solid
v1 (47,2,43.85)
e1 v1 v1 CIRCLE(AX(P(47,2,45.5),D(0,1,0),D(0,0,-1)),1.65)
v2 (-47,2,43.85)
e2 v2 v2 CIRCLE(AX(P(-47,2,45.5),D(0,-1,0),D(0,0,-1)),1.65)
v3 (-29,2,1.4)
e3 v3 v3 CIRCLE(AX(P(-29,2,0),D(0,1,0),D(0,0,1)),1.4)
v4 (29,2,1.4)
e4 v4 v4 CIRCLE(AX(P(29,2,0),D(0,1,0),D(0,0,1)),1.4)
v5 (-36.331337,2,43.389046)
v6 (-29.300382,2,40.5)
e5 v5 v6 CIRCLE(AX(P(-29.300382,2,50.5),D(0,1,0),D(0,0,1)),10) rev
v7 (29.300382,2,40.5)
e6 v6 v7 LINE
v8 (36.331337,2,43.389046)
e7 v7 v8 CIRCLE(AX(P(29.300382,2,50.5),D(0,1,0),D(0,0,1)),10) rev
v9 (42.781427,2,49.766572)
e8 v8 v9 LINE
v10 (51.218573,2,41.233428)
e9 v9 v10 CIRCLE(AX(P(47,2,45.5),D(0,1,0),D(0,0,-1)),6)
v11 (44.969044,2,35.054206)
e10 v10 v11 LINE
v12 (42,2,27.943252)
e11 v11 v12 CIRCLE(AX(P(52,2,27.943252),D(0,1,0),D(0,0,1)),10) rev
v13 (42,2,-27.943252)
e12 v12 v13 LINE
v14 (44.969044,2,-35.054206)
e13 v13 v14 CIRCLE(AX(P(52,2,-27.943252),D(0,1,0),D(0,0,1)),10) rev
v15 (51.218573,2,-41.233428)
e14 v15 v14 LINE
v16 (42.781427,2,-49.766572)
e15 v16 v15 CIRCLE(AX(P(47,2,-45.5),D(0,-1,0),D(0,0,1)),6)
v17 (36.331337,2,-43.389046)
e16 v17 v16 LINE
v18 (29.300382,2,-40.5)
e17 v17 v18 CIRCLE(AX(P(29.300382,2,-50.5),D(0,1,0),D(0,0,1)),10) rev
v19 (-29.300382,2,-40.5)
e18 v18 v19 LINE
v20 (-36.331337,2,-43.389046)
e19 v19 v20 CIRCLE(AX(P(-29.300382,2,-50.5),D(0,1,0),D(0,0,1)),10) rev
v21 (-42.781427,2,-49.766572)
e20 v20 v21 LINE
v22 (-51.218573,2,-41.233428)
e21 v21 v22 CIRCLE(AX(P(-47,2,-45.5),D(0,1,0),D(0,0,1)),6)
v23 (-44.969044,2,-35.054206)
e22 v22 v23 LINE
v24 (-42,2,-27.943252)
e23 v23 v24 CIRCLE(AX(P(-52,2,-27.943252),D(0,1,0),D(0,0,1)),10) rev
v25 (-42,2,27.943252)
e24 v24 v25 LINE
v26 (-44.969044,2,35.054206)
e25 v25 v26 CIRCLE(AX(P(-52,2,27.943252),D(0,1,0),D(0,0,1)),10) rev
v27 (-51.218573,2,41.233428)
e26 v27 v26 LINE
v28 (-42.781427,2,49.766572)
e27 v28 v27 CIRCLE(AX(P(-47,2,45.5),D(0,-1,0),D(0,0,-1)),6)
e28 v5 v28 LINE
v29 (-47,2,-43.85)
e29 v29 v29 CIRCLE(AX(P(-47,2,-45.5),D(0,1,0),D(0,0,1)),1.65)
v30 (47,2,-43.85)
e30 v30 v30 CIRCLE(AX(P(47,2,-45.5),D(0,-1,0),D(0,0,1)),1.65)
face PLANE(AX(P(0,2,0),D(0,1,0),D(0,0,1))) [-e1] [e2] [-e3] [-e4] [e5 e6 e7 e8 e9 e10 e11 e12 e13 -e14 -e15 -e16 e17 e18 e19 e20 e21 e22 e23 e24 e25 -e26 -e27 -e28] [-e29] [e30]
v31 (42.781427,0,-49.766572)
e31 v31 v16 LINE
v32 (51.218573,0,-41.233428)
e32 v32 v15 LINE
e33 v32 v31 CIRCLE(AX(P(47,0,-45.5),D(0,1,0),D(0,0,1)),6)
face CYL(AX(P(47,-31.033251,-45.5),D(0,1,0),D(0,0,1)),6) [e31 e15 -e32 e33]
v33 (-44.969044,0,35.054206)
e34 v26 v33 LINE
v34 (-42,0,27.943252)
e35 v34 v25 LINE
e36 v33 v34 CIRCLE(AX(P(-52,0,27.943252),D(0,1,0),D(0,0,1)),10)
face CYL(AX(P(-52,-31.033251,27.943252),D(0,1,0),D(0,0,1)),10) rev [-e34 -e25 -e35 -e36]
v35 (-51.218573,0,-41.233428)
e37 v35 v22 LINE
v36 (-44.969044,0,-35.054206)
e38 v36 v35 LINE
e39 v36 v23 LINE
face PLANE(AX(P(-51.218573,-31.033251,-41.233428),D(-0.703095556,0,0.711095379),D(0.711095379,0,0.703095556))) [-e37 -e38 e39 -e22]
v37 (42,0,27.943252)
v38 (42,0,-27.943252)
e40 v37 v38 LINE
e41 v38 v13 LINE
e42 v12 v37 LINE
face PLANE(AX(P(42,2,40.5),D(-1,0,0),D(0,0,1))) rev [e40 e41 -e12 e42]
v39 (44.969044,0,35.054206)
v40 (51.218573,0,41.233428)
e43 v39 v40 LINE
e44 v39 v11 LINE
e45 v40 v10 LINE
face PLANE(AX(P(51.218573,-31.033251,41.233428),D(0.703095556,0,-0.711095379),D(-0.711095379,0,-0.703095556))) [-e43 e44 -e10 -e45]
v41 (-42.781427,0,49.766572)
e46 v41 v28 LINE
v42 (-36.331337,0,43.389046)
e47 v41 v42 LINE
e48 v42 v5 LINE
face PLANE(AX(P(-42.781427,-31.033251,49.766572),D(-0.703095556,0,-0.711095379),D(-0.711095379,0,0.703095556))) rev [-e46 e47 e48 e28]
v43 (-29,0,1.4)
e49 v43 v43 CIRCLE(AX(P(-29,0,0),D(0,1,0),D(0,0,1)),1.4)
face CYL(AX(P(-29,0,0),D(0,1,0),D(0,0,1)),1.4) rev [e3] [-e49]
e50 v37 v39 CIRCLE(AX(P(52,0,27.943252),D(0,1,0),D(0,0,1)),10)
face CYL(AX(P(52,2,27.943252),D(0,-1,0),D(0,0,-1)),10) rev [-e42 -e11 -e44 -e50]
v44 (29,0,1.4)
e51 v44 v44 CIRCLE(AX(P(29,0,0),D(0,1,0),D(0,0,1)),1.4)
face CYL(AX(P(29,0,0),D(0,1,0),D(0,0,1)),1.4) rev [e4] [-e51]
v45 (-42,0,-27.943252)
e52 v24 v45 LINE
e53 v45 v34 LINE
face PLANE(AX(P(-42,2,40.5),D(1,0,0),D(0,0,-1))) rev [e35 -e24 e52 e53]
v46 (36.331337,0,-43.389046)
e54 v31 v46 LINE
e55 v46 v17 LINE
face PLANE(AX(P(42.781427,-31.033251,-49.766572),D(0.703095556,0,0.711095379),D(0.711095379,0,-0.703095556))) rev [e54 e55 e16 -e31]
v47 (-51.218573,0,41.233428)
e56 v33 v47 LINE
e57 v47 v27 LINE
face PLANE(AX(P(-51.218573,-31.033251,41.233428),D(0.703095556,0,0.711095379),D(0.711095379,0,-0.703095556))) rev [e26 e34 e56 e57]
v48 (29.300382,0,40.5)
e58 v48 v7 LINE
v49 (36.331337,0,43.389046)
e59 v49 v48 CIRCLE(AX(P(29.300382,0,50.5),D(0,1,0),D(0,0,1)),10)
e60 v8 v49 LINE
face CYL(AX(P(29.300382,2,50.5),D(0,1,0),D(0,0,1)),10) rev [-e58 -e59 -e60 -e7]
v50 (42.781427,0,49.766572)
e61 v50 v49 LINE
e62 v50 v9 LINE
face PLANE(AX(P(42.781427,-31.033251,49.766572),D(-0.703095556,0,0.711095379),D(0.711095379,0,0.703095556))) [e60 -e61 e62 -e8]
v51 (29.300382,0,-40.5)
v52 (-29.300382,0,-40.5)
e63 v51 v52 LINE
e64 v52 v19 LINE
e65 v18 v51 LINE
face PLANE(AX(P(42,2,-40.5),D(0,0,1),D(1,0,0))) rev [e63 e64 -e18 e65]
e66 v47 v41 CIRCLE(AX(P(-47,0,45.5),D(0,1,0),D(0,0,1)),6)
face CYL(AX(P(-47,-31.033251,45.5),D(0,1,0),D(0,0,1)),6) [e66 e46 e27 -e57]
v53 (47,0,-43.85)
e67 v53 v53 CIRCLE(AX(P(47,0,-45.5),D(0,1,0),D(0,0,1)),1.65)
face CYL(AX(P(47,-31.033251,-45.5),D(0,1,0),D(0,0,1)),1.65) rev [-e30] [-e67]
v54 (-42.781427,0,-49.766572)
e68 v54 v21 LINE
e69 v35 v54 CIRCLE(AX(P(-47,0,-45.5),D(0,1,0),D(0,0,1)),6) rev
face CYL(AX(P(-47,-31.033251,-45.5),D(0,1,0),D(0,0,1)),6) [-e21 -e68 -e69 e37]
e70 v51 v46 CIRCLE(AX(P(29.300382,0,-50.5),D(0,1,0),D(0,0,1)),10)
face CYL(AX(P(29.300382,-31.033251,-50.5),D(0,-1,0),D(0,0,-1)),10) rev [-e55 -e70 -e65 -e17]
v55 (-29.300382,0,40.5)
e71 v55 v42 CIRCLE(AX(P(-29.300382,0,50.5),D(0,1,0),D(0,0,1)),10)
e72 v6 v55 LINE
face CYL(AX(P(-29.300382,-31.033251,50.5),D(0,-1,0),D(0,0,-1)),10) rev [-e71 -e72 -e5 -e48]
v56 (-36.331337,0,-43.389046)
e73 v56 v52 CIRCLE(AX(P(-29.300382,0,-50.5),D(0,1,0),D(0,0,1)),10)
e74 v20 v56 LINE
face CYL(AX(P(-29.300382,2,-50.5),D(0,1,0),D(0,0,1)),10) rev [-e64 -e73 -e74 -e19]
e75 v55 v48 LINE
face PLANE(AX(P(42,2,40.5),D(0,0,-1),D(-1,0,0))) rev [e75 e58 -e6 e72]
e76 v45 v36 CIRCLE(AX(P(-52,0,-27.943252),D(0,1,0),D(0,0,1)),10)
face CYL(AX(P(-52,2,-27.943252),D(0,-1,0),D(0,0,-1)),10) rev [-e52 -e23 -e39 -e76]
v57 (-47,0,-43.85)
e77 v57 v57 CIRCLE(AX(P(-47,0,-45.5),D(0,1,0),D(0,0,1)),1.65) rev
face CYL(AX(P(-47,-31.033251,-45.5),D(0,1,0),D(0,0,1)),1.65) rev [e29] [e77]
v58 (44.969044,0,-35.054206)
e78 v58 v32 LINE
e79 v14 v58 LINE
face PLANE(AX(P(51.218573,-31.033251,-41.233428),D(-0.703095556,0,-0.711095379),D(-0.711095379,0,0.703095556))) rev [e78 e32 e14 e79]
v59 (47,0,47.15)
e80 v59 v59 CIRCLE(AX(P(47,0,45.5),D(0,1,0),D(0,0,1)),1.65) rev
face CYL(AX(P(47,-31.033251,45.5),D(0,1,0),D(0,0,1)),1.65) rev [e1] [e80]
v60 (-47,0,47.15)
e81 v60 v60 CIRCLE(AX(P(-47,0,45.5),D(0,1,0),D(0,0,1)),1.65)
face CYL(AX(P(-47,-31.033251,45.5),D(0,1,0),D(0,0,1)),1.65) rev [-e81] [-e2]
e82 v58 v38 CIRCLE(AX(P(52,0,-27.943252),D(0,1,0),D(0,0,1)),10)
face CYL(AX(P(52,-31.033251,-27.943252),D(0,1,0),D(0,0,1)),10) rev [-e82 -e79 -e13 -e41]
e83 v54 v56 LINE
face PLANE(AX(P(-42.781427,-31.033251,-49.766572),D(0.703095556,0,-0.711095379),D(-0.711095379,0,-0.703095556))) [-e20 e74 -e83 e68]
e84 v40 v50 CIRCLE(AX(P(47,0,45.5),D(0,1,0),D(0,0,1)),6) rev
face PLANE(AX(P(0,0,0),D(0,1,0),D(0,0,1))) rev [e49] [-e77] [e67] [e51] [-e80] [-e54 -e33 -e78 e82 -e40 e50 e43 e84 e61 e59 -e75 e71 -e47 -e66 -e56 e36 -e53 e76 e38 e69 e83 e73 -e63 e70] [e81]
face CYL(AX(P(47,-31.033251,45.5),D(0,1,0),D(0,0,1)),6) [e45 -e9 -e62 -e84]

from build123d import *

# Parameters (mm, degrees)
SKETCH1_W               = 84
SKETCH1_H               = 81
BOSS_EXTRUDE1_DEPTH     = 2
SKETCH2_R               = 1.65
BOSS_EXTRUDE2_DEPTH     = 2
MIRROR2_COPY_1_SKETCH_R = 1.65
MIRROR2_COPY_1_DEPTH    = 2
FILLET1_R               = 10
SKETCH3_R               = 1.4
CUT_EXTRUDE1_DEPTH      = 3


with BuildPart() as part:
    # Sketch1 → Boss-Extrude1 (new body)
    with BuildSketch(Plane(origin=(0, 0, 0), x_dir=(1, 0, 0), z_dir=(0, 1, 0))):
        Rectangle(SKETCH1_W, SKETCH1_H)
    extrude(amount=BOSS_EXTRUDE1_DEPTH)

    # Sketch2 → Boss-Extrude2 (add)
    with BuildSketch(Plane(origin=(0, 2, 0), x_dir=(1, 0, 0), z_dir=(0, 1, 0))):
        with BuildLine():
            Line((-42.781426662, 49.766572276), (-32.781426662, 39.879072276))
            ThreePointArc((-32.781426662, 39.879072276), (-32.733427724, 31.393926662), (-41.218573338, 31.345927724))
            Line((-41.218573338, 31.345927724), (-51.218573338, 41.233427724))
            ThreePointArc((-51.218573338, 41.233427724), (-51.266572276, 49.718573338), (-42.781426662, 49.766572276))
        make_face()
        with Locations((-47, 45.5)):
            Circle(SKETCH2_R, mode=Mode.SUBTRACT)
    boss_extrude2 = extrude(amount=-BOSS_EXTRUDE2_DEPTH)

    # Mirror1: Boss-Extrude2 across plane
    add(boss_extrude2.mirror(Plane.XY))

    # Mirror2: Boss-Extrude2 across plane
    add(boss_extrude2.mirror(Plane(origin=(0, 0, 0), x_dir=(0, 0, 1), z_dir=(1, 0, 0))))

    # Mirror2 copy 1 sketch → Mirror2 copy 1 (add)
    with BuildSketch(Plane(origin=(0, 2, 0), x_dir=(-1, 0, 0), z_dir=(0, 1, 0))):
        with BuildLine():
            Line((-42.781426662, 49.766572276), (-32.781426662, 39.879072276))
            ThreePointArc((-32.781426662, 39.879072276), (-32.733427724, 31.393926662), (-41.218573338, 31.345927724))
            Line((-41.218573338, 31.345927724), (-51.218573338, 41.233427724))
            ThreePointArc((-51.218573338, 41.233427724), (-51.266572276, 49.718573338), (-42.781426662, 49.766572276))
        make_face()
        with Locations((-47, 45.5)):
            Circle(MIRROR2_COPY_1_SKETCH_R, mode=Mode.SUBTRACT)
    extrude(amount=-MIRROR2_COPY_1_DEPTH)

    # Fillet1
    fillet1_edges = [part.edges().sort_by_distance(p)[0] for p in [
        (-42, 1, -32.118563335),
        (-33.409419303, 1, -40.5),
        (-42, 1, 32.118563335),
        (-33.409419303, 1, 40.5),
        (42, 1, -32.118563335),
        (33.409419303, 1, -40.5),
        (42, 1, 32.118563335),
        (33.409419303, 1, 40.5),
    ]]
    fillet(fillet1_edges, radius=FILLET1_R)

    # Sketch3 → Cut-Extrude1 (cut, through all)
    with BuildSketch(Plane(origin=(0, 2, 0), x_dir=(1, 0, 0), z_dir=(0, 1, 0))):
        with Locations((-29, 0)):
            Circle(SKETCH3_R)
        with Locations((29, 0)):
            Circle(SKETCH3_R)
    extrude(amount=-CUT_EXTRUDE1_DEPTH, mode=Mode.SUBTRACT)


solid = part.part
